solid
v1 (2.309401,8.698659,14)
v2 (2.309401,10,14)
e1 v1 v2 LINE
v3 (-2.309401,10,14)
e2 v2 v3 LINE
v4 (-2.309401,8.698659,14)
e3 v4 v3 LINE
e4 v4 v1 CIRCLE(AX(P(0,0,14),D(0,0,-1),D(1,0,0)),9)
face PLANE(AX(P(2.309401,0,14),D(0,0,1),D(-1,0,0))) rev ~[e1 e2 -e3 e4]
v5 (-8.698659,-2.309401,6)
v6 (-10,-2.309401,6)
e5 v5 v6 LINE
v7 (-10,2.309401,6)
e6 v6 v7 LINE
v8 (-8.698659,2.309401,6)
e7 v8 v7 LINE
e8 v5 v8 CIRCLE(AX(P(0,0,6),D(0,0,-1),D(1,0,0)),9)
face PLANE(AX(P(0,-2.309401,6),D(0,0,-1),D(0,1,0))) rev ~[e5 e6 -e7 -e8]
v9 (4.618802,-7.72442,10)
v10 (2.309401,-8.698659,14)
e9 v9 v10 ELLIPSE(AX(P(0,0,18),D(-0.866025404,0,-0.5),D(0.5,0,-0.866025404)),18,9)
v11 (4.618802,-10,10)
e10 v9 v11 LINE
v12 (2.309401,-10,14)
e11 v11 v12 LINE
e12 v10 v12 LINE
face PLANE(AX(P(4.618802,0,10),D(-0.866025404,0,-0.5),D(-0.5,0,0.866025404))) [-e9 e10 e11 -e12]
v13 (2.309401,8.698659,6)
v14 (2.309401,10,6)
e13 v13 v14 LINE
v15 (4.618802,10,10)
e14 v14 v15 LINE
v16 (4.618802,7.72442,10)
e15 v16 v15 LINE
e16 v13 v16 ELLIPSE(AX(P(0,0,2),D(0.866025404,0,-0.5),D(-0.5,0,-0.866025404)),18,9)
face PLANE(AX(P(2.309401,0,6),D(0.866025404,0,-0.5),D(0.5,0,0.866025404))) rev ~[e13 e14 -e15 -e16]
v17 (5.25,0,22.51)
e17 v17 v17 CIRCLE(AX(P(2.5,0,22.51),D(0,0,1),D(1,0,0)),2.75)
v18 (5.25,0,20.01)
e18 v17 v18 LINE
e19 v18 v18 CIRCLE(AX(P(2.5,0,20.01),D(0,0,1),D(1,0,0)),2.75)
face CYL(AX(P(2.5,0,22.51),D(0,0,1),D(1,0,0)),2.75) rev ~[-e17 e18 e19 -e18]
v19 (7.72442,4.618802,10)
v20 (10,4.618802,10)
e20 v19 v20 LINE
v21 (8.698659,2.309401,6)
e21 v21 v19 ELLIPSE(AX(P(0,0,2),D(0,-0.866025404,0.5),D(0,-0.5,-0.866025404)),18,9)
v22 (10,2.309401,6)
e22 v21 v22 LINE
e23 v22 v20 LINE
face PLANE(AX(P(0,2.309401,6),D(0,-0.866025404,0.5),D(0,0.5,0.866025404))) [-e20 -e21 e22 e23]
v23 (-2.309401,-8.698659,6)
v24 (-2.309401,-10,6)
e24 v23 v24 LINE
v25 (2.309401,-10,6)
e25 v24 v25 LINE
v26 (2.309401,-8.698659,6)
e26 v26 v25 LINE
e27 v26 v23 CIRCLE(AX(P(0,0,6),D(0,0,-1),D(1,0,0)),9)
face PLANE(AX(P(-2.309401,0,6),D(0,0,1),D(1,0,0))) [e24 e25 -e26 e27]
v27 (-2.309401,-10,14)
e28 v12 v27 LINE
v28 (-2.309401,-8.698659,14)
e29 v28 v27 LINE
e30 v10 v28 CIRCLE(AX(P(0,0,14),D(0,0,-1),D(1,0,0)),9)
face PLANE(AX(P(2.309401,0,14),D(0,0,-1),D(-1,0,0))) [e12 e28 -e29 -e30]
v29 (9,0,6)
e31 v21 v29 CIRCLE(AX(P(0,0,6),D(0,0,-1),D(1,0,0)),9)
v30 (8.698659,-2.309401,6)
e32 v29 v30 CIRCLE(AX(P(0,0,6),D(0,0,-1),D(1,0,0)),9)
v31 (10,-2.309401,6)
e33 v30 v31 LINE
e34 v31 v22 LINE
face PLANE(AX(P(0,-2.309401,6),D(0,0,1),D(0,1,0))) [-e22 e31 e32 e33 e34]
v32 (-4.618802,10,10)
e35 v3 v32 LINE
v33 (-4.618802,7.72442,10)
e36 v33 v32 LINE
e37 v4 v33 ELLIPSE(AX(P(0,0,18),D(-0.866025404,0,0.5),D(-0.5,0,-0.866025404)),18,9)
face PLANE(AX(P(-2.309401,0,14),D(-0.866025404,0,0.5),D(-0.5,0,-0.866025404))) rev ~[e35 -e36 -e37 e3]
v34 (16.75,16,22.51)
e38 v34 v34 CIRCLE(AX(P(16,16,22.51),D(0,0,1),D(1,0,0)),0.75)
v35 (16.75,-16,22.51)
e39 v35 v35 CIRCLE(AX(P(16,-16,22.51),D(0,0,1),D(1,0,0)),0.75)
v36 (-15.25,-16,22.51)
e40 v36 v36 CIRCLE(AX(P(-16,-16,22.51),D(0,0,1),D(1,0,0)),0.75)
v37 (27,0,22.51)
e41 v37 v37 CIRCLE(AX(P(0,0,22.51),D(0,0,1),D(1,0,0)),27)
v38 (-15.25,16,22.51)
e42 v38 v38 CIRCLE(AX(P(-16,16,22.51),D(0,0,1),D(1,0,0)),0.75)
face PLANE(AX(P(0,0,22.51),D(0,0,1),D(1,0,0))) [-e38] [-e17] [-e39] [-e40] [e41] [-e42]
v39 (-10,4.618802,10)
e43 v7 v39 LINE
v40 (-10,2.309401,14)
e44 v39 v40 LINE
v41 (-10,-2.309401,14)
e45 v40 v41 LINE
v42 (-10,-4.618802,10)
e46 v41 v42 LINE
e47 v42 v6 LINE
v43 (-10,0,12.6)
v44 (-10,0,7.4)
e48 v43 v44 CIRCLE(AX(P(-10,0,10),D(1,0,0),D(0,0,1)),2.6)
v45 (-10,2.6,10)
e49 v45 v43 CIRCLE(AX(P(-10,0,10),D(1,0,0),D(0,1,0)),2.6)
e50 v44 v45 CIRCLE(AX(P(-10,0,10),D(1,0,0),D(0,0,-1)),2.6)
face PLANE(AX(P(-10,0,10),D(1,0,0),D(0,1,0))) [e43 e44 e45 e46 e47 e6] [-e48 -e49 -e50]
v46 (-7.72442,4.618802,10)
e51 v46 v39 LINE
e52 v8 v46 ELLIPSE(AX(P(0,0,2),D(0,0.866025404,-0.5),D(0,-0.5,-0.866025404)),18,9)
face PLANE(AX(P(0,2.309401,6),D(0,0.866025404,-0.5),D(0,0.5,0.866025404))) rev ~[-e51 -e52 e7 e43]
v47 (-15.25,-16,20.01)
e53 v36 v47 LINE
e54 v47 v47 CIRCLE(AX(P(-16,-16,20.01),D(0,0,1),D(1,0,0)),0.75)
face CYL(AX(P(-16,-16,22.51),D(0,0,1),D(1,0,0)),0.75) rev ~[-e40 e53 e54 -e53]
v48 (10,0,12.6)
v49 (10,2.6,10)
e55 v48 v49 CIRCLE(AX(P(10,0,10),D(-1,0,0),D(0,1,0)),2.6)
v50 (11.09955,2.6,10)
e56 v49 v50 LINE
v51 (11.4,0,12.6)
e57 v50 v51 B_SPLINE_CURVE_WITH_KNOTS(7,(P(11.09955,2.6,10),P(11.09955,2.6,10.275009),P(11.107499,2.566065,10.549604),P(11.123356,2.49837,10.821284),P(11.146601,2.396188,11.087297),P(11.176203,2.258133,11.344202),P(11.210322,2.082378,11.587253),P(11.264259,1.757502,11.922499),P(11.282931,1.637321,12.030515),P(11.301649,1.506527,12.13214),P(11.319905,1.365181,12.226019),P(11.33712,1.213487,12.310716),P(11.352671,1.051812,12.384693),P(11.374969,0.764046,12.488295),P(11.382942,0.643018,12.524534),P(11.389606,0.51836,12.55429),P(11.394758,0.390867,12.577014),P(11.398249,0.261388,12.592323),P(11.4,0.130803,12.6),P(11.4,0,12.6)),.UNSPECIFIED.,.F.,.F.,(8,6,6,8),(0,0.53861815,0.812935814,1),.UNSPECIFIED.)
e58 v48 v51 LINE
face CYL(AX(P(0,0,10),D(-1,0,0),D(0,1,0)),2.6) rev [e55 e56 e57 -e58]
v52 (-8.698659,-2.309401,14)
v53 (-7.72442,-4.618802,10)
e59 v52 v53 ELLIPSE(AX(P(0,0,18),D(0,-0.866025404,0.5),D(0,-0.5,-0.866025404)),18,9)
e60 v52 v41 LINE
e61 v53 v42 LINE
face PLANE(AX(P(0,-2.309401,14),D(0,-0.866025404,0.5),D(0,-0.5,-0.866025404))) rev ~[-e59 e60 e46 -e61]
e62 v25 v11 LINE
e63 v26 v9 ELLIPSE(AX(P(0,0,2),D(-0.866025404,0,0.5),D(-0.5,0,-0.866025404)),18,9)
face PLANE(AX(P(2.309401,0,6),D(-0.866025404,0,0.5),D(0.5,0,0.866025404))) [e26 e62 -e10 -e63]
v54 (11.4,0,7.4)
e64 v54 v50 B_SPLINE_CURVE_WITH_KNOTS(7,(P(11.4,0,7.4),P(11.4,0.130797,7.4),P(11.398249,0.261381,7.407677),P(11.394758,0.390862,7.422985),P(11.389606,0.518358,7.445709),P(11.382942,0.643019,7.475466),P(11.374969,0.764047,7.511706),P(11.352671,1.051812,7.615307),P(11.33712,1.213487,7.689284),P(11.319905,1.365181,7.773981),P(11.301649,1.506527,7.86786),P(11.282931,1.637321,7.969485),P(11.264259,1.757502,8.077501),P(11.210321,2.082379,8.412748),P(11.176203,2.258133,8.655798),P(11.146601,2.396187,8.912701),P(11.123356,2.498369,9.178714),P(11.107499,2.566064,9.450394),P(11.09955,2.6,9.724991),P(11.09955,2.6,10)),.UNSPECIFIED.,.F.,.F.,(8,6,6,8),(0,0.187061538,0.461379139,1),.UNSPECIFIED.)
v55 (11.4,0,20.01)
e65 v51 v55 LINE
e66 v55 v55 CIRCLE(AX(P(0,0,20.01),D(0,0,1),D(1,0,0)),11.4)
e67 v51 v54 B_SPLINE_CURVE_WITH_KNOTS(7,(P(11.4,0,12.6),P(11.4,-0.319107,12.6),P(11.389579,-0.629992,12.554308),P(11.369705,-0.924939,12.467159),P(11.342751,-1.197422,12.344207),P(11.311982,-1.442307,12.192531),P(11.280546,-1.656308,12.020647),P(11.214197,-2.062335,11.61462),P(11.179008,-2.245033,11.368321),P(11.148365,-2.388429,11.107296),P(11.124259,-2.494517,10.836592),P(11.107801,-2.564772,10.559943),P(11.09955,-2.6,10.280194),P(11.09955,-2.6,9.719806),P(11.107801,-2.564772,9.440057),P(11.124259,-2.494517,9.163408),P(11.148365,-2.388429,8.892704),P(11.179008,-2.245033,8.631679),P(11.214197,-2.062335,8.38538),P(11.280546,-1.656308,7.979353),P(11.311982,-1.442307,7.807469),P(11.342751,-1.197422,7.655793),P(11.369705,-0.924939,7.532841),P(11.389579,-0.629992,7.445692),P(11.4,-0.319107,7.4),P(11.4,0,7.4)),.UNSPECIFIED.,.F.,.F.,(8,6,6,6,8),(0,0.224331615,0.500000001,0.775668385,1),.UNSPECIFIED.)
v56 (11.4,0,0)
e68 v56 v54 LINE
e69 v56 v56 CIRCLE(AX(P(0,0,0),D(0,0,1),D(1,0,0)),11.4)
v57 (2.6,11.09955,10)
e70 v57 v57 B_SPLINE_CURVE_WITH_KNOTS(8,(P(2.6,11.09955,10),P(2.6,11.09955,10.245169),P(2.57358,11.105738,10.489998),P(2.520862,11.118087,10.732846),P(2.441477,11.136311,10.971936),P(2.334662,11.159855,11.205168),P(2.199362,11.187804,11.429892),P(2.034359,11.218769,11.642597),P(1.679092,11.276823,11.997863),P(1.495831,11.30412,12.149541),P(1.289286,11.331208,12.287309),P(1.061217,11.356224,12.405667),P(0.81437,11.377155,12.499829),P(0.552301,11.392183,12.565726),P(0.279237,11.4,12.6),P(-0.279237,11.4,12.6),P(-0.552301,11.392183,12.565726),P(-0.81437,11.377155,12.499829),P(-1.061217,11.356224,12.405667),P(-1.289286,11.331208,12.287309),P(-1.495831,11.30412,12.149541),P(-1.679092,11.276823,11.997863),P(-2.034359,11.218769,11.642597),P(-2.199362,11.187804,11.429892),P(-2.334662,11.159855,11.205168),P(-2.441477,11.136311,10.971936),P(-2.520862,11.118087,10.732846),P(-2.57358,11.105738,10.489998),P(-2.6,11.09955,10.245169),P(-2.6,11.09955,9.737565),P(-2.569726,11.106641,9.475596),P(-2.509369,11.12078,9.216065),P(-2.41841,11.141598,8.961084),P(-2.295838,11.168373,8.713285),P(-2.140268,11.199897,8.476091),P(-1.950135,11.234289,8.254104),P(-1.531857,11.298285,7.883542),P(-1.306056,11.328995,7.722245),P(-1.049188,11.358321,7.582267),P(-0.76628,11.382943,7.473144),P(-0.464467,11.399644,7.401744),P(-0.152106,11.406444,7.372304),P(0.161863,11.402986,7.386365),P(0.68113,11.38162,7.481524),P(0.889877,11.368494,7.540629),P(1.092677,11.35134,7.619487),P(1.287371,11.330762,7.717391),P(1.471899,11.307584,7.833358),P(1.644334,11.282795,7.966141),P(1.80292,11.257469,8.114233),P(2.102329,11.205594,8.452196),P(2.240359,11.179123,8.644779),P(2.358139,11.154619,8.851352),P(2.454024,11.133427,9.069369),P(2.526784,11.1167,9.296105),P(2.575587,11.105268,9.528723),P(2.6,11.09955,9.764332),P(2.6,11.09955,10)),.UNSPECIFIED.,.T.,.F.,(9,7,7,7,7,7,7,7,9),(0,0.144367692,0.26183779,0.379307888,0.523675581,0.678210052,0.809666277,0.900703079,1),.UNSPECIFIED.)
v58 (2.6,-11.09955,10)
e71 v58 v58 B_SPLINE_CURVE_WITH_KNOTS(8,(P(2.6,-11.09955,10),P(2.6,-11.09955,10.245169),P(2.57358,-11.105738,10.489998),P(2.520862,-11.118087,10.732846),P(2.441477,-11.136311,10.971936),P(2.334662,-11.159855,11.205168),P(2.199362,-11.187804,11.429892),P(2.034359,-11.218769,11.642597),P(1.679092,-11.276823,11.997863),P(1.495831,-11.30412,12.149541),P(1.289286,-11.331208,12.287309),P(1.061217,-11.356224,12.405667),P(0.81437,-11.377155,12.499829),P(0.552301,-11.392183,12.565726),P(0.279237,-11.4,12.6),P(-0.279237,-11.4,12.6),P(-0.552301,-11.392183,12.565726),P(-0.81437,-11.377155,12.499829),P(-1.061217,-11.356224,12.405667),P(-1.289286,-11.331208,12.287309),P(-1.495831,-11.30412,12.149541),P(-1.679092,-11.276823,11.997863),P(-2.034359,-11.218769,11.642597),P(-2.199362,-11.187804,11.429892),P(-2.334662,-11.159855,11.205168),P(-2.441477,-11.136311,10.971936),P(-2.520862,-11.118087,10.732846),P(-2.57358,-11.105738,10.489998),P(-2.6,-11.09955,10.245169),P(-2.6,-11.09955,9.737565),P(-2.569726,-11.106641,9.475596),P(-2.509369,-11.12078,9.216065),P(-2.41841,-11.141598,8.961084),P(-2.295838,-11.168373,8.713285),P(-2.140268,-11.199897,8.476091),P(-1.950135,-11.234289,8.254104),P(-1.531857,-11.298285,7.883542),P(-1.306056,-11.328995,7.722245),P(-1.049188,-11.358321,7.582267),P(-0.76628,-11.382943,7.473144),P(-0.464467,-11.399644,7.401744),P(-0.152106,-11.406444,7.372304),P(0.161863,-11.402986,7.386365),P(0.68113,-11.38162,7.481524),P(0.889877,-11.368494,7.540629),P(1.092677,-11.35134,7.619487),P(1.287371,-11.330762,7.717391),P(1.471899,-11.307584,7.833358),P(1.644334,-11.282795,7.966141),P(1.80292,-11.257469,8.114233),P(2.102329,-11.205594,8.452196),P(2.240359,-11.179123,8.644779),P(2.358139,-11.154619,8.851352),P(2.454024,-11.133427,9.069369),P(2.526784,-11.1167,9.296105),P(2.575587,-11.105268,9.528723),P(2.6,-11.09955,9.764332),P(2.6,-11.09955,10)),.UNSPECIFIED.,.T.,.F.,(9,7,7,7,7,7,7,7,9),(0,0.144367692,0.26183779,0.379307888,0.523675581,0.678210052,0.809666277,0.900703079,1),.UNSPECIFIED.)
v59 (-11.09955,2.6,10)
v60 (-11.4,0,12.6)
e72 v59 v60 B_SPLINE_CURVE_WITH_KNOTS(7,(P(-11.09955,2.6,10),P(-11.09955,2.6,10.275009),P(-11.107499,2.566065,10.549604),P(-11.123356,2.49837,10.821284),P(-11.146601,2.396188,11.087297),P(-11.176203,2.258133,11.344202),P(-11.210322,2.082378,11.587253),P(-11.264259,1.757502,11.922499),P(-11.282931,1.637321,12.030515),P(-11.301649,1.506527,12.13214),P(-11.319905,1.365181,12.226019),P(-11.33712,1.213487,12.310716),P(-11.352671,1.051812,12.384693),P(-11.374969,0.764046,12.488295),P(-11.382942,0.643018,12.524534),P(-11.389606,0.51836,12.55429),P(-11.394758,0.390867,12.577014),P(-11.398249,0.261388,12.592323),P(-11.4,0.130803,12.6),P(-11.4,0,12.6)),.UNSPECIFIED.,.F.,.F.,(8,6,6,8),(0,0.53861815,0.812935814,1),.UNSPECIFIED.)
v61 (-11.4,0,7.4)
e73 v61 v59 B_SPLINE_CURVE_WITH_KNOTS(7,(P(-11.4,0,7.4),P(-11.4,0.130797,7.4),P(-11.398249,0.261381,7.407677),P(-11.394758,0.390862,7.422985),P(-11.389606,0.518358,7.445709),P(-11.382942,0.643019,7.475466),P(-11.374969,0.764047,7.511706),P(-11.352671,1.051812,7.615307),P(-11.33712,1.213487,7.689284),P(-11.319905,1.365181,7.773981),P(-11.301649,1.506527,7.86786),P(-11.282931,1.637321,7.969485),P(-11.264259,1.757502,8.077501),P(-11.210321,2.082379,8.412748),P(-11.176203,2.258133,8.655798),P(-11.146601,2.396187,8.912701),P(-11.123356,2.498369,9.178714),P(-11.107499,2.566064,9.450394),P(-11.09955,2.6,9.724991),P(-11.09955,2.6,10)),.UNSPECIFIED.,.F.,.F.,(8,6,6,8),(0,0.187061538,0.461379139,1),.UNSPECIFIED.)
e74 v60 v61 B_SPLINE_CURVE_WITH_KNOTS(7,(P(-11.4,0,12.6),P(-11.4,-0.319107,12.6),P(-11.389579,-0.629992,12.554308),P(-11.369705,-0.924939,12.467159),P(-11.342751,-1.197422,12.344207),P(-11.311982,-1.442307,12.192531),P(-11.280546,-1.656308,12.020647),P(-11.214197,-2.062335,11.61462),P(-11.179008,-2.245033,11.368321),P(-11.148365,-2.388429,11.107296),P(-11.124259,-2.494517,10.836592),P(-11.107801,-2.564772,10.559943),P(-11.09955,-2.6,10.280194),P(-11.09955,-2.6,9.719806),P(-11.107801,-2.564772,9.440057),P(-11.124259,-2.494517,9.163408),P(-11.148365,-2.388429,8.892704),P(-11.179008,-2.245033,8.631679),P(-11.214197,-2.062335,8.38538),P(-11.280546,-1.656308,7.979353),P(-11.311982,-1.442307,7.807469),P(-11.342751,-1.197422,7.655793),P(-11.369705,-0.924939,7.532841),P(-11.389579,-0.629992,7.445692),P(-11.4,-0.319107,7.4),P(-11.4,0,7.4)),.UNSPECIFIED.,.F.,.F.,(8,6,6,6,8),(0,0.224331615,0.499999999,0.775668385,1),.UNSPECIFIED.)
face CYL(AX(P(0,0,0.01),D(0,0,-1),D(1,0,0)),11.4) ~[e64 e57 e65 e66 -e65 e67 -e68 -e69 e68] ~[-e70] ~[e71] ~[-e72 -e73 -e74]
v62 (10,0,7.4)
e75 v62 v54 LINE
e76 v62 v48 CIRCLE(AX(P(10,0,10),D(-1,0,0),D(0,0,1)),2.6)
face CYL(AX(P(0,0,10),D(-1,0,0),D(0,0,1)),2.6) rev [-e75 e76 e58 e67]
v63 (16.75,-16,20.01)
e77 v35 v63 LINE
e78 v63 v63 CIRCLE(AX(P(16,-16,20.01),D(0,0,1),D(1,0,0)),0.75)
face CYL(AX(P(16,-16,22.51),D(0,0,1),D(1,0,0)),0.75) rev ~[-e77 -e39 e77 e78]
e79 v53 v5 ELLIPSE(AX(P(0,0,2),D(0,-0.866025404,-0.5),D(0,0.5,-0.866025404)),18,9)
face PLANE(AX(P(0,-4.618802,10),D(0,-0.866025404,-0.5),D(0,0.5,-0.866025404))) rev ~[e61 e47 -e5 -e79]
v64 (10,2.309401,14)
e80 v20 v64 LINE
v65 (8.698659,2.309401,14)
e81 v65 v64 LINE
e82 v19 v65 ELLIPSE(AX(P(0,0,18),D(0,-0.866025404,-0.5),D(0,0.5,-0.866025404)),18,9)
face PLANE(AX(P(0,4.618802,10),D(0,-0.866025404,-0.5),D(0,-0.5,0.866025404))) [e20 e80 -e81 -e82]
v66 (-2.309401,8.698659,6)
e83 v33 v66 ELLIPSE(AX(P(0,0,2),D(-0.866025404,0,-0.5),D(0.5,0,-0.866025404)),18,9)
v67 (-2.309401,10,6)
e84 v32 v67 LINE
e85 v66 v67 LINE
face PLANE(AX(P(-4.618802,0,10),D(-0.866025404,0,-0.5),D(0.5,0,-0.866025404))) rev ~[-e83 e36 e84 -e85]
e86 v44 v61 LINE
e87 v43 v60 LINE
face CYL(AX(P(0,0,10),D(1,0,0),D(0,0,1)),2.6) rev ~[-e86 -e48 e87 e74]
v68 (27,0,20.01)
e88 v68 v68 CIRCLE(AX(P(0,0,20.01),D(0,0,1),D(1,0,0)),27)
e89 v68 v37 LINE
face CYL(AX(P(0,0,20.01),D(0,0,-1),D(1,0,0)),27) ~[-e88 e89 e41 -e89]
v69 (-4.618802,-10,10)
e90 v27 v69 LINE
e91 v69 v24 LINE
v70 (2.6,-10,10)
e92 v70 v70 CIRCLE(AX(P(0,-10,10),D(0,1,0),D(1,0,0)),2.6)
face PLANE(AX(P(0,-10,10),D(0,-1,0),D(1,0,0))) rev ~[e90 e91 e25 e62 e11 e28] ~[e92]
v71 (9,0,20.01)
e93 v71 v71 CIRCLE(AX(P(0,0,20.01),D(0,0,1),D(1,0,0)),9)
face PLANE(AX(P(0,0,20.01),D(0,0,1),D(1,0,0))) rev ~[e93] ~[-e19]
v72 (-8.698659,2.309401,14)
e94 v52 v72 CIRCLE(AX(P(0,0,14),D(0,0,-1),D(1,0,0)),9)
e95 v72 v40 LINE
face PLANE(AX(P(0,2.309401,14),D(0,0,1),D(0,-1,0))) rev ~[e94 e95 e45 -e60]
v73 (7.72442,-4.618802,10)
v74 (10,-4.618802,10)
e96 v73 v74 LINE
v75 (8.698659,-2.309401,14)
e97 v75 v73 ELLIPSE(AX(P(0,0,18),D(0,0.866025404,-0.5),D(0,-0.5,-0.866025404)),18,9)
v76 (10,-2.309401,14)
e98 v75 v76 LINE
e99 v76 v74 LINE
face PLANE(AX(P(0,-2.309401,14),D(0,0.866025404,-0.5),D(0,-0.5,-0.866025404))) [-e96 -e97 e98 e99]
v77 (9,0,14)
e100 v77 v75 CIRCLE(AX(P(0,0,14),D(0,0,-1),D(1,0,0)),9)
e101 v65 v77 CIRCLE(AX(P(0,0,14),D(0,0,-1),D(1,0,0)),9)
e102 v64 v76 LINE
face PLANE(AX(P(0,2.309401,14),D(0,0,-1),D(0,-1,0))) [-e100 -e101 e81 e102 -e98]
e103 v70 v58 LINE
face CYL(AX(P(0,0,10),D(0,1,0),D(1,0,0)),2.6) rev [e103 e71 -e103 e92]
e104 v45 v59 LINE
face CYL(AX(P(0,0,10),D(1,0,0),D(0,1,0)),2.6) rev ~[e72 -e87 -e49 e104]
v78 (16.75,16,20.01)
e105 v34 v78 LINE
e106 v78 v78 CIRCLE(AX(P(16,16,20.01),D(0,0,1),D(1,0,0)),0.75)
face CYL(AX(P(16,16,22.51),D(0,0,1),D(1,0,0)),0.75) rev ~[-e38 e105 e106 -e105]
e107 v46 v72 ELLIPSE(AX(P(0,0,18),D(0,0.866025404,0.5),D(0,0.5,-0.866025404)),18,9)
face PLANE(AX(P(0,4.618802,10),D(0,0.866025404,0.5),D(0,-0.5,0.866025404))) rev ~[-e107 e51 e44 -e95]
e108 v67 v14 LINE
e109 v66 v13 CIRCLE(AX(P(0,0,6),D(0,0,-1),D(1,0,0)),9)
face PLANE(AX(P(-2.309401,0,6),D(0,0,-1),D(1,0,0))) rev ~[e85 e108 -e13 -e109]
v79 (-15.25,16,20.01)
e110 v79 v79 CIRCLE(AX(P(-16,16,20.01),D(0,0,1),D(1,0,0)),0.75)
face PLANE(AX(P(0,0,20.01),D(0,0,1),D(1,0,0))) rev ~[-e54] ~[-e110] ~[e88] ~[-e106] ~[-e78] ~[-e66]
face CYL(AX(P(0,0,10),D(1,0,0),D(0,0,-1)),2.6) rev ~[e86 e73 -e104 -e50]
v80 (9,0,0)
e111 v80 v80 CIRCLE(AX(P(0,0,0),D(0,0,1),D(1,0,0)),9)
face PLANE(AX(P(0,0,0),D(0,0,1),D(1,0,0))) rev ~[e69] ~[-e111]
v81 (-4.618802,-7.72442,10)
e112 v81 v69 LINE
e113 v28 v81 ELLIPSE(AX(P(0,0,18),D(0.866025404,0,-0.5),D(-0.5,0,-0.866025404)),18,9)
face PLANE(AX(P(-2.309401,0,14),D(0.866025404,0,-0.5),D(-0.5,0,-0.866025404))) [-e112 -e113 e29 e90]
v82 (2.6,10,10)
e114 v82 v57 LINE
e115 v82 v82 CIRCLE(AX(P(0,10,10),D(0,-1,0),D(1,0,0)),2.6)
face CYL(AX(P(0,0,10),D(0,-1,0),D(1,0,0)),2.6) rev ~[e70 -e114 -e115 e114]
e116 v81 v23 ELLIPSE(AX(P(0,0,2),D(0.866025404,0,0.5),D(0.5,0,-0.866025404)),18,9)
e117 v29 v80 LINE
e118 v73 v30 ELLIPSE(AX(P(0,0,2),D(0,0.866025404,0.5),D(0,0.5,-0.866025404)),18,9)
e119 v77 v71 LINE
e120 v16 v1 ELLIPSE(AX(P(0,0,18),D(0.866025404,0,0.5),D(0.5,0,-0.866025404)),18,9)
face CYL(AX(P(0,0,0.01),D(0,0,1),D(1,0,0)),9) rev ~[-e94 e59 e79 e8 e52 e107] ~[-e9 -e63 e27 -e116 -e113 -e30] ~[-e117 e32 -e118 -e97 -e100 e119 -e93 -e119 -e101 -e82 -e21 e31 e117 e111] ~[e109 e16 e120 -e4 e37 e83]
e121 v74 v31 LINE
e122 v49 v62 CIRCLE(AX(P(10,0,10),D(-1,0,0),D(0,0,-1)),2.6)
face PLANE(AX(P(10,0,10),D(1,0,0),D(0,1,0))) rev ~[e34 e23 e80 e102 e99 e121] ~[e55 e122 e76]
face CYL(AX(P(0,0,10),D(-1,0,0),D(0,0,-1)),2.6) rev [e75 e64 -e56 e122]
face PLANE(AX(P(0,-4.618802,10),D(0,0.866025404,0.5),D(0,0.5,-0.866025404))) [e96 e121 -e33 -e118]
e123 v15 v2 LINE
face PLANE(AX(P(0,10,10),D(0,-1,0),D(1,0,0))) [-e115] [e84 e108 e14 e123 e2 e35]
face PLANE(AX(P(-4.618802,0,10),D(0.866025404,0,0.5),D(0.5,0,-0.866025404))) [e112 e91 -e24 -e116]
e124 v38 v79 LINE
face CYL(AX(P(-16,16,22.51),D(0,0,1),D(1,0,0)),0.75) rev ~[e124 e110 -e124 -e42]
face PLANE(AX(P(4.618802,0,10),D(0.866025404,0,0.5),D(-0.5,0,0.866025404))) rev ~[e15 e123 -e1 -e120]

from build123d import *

# Parameters (mm, degrees)
F0_R           = 11.4
F1_DEPTH       = 0.01
F2_R           = 11.4
F2_R_2         = 9
F3_DEPTH       = 20
F5_DEPTH       = 10
F5_DEPTH_BACK  = 10
F7_DEPTH       = 10
F7_DEPTH_BACK  = 10
F9_DEPTH       = 11.401
F9_DEPTH_BACK  = 11.401
F10_R          = 2.6
F11_DEPTH      = 11.4010001
F11_DEPTH_BACK = 11.4010001
F12_R          = 9
F13_DEPTH      = 10
F14_R          = 27
F15_DEPTH      = 2.5
F16_R          = 2.75
F17_DEPTH      = 25
F18_R          = 0.75
F19_DEPTH      = 25


with BuildPart() as f1:
    # F0 (on Top) → F1 (new body)
    with BuildSketch(Plane.XY):
        Circle(F0_R)
    extrude(amount=F1_DEPTH)

    # F2 (on face) → F3 (join)
    with BuildSketch(Plane.XY.offset(0.01)):
        Circle(F2_R)
        Circle(F2_R_2, mode=Mode.SUBTRACT)
    extrude(amount=F3_DEPTH)

    # F4 (on Right) → F5 (cut, two sides)
    with BuildSketch(Plane.YZ) as f5_sk:
        Polygon((-2.3094010768, 6), (2.3094010768, 6), (4.6188021535, 10), (2.3094010768, 14), (-2.3094010768, 14), (-4.6188021535, 10), align=None)
    extrude(amount=F5_DEPTH, mode=Mode.SUBTRACT)
    extrude(f5_sk.sketch, amount=-F5_DEPTH_BACK, mode=Mode.SUBTRACT)

    # F6 (on Front) → F7 (cut, two sides)
    with BuildSketch(Plane.XZ) as f7_sk:
        Polygon((-2.3094010768, 6), (2.3094010768, 6), (4.6188021535, 10), (2.3094010768, 14), (-2.3094010768, 14), (-4.6188021535, 10), align=None)
    extrude(amount=F7_DEPTH, mode=Mode.SUBTRACT)
    extrude(f7_sk.sketch, amount=-F7_DEPTH_BACK, mode=Mode.SUBTRACT)

    # F8 (on Right) → F9 (cut, two sides)
    with BuildSketch(Plane.YZ) as f9_sk:
        with BuildLine():
            ThreePointArc((0, 12.6), (-2.6, 10), (0, 7.4))
            Line((0, 7.4), (0, 12.6))
        make_face()
        with BuildLine():
            Line((0, 12.6), (0, 7.4))
            ThreePointArc((0, 7.4), (1.8384776311, 8.1615223689), (2.6, 10))
            ThreePointArc((2.6, 10), (1.8384776311, 11.8384776311), (0, 12.6))
        make_face()
    extrude(amount=-F9_DEPTH, mode=Mode.SUBTRACT)
    extrude(f9_sk.sketch, amount=F9_DEPTH_BACK, mode=Mode.SUBTRACT)

    # F10 (on Front) → F11 (cut, two sides)
    with BuildSketch(Plane.XZ) as f11_sk:
        with Locations((0, 10)):
            Circle(F10_R)
    extrude(amount=F11_DEPTH, mode=Mode.SUBTRACT)
    extrude(f11_sk.sketch, amount=-F11_DEPTH_BACK, mode=Mode.SUBTRACT)

    # F12 (on face) → F13 (cut)
    with BuildSketch(Plane.XY.offset(0.01)):
        Circle(F12_R)
    extrude(amount=-F13_DEPTH, mode=Mode.SUBTRACT)

    # F14 (on face) → F15 (join)
    with BuildSketch(Plane.XY.offset(20.01)):
        Circle(F14_R)
    extrude(amount=F15_DEPTH)

    # F16 (on face) → F17 (cut)
    with BuildSketch(Plane.XY.offset(22.51)):
        with Locations((2.5, 0)):
            Circle(F16_R)
    extrude(amount=-F17_DEPTH, mode=Mode.SUBTRACT)

    # F18 (on face) → F19 (cut)
    with BuildSketch(Plane.XY.offset(22.51)):
        with Locations((-16, -16)):
            Circle(F18_R)
        with Locations((16, -16)):
            Circle(F18_R)
        with Locations((-16, 16)):
            Circle(F18_R)
        with Locations((16, 16)):
            Circle(F18_R)
    extrude(amount=-F19_DEPTH, mode=Mode.SUBTRACT)


solid = f1.part
